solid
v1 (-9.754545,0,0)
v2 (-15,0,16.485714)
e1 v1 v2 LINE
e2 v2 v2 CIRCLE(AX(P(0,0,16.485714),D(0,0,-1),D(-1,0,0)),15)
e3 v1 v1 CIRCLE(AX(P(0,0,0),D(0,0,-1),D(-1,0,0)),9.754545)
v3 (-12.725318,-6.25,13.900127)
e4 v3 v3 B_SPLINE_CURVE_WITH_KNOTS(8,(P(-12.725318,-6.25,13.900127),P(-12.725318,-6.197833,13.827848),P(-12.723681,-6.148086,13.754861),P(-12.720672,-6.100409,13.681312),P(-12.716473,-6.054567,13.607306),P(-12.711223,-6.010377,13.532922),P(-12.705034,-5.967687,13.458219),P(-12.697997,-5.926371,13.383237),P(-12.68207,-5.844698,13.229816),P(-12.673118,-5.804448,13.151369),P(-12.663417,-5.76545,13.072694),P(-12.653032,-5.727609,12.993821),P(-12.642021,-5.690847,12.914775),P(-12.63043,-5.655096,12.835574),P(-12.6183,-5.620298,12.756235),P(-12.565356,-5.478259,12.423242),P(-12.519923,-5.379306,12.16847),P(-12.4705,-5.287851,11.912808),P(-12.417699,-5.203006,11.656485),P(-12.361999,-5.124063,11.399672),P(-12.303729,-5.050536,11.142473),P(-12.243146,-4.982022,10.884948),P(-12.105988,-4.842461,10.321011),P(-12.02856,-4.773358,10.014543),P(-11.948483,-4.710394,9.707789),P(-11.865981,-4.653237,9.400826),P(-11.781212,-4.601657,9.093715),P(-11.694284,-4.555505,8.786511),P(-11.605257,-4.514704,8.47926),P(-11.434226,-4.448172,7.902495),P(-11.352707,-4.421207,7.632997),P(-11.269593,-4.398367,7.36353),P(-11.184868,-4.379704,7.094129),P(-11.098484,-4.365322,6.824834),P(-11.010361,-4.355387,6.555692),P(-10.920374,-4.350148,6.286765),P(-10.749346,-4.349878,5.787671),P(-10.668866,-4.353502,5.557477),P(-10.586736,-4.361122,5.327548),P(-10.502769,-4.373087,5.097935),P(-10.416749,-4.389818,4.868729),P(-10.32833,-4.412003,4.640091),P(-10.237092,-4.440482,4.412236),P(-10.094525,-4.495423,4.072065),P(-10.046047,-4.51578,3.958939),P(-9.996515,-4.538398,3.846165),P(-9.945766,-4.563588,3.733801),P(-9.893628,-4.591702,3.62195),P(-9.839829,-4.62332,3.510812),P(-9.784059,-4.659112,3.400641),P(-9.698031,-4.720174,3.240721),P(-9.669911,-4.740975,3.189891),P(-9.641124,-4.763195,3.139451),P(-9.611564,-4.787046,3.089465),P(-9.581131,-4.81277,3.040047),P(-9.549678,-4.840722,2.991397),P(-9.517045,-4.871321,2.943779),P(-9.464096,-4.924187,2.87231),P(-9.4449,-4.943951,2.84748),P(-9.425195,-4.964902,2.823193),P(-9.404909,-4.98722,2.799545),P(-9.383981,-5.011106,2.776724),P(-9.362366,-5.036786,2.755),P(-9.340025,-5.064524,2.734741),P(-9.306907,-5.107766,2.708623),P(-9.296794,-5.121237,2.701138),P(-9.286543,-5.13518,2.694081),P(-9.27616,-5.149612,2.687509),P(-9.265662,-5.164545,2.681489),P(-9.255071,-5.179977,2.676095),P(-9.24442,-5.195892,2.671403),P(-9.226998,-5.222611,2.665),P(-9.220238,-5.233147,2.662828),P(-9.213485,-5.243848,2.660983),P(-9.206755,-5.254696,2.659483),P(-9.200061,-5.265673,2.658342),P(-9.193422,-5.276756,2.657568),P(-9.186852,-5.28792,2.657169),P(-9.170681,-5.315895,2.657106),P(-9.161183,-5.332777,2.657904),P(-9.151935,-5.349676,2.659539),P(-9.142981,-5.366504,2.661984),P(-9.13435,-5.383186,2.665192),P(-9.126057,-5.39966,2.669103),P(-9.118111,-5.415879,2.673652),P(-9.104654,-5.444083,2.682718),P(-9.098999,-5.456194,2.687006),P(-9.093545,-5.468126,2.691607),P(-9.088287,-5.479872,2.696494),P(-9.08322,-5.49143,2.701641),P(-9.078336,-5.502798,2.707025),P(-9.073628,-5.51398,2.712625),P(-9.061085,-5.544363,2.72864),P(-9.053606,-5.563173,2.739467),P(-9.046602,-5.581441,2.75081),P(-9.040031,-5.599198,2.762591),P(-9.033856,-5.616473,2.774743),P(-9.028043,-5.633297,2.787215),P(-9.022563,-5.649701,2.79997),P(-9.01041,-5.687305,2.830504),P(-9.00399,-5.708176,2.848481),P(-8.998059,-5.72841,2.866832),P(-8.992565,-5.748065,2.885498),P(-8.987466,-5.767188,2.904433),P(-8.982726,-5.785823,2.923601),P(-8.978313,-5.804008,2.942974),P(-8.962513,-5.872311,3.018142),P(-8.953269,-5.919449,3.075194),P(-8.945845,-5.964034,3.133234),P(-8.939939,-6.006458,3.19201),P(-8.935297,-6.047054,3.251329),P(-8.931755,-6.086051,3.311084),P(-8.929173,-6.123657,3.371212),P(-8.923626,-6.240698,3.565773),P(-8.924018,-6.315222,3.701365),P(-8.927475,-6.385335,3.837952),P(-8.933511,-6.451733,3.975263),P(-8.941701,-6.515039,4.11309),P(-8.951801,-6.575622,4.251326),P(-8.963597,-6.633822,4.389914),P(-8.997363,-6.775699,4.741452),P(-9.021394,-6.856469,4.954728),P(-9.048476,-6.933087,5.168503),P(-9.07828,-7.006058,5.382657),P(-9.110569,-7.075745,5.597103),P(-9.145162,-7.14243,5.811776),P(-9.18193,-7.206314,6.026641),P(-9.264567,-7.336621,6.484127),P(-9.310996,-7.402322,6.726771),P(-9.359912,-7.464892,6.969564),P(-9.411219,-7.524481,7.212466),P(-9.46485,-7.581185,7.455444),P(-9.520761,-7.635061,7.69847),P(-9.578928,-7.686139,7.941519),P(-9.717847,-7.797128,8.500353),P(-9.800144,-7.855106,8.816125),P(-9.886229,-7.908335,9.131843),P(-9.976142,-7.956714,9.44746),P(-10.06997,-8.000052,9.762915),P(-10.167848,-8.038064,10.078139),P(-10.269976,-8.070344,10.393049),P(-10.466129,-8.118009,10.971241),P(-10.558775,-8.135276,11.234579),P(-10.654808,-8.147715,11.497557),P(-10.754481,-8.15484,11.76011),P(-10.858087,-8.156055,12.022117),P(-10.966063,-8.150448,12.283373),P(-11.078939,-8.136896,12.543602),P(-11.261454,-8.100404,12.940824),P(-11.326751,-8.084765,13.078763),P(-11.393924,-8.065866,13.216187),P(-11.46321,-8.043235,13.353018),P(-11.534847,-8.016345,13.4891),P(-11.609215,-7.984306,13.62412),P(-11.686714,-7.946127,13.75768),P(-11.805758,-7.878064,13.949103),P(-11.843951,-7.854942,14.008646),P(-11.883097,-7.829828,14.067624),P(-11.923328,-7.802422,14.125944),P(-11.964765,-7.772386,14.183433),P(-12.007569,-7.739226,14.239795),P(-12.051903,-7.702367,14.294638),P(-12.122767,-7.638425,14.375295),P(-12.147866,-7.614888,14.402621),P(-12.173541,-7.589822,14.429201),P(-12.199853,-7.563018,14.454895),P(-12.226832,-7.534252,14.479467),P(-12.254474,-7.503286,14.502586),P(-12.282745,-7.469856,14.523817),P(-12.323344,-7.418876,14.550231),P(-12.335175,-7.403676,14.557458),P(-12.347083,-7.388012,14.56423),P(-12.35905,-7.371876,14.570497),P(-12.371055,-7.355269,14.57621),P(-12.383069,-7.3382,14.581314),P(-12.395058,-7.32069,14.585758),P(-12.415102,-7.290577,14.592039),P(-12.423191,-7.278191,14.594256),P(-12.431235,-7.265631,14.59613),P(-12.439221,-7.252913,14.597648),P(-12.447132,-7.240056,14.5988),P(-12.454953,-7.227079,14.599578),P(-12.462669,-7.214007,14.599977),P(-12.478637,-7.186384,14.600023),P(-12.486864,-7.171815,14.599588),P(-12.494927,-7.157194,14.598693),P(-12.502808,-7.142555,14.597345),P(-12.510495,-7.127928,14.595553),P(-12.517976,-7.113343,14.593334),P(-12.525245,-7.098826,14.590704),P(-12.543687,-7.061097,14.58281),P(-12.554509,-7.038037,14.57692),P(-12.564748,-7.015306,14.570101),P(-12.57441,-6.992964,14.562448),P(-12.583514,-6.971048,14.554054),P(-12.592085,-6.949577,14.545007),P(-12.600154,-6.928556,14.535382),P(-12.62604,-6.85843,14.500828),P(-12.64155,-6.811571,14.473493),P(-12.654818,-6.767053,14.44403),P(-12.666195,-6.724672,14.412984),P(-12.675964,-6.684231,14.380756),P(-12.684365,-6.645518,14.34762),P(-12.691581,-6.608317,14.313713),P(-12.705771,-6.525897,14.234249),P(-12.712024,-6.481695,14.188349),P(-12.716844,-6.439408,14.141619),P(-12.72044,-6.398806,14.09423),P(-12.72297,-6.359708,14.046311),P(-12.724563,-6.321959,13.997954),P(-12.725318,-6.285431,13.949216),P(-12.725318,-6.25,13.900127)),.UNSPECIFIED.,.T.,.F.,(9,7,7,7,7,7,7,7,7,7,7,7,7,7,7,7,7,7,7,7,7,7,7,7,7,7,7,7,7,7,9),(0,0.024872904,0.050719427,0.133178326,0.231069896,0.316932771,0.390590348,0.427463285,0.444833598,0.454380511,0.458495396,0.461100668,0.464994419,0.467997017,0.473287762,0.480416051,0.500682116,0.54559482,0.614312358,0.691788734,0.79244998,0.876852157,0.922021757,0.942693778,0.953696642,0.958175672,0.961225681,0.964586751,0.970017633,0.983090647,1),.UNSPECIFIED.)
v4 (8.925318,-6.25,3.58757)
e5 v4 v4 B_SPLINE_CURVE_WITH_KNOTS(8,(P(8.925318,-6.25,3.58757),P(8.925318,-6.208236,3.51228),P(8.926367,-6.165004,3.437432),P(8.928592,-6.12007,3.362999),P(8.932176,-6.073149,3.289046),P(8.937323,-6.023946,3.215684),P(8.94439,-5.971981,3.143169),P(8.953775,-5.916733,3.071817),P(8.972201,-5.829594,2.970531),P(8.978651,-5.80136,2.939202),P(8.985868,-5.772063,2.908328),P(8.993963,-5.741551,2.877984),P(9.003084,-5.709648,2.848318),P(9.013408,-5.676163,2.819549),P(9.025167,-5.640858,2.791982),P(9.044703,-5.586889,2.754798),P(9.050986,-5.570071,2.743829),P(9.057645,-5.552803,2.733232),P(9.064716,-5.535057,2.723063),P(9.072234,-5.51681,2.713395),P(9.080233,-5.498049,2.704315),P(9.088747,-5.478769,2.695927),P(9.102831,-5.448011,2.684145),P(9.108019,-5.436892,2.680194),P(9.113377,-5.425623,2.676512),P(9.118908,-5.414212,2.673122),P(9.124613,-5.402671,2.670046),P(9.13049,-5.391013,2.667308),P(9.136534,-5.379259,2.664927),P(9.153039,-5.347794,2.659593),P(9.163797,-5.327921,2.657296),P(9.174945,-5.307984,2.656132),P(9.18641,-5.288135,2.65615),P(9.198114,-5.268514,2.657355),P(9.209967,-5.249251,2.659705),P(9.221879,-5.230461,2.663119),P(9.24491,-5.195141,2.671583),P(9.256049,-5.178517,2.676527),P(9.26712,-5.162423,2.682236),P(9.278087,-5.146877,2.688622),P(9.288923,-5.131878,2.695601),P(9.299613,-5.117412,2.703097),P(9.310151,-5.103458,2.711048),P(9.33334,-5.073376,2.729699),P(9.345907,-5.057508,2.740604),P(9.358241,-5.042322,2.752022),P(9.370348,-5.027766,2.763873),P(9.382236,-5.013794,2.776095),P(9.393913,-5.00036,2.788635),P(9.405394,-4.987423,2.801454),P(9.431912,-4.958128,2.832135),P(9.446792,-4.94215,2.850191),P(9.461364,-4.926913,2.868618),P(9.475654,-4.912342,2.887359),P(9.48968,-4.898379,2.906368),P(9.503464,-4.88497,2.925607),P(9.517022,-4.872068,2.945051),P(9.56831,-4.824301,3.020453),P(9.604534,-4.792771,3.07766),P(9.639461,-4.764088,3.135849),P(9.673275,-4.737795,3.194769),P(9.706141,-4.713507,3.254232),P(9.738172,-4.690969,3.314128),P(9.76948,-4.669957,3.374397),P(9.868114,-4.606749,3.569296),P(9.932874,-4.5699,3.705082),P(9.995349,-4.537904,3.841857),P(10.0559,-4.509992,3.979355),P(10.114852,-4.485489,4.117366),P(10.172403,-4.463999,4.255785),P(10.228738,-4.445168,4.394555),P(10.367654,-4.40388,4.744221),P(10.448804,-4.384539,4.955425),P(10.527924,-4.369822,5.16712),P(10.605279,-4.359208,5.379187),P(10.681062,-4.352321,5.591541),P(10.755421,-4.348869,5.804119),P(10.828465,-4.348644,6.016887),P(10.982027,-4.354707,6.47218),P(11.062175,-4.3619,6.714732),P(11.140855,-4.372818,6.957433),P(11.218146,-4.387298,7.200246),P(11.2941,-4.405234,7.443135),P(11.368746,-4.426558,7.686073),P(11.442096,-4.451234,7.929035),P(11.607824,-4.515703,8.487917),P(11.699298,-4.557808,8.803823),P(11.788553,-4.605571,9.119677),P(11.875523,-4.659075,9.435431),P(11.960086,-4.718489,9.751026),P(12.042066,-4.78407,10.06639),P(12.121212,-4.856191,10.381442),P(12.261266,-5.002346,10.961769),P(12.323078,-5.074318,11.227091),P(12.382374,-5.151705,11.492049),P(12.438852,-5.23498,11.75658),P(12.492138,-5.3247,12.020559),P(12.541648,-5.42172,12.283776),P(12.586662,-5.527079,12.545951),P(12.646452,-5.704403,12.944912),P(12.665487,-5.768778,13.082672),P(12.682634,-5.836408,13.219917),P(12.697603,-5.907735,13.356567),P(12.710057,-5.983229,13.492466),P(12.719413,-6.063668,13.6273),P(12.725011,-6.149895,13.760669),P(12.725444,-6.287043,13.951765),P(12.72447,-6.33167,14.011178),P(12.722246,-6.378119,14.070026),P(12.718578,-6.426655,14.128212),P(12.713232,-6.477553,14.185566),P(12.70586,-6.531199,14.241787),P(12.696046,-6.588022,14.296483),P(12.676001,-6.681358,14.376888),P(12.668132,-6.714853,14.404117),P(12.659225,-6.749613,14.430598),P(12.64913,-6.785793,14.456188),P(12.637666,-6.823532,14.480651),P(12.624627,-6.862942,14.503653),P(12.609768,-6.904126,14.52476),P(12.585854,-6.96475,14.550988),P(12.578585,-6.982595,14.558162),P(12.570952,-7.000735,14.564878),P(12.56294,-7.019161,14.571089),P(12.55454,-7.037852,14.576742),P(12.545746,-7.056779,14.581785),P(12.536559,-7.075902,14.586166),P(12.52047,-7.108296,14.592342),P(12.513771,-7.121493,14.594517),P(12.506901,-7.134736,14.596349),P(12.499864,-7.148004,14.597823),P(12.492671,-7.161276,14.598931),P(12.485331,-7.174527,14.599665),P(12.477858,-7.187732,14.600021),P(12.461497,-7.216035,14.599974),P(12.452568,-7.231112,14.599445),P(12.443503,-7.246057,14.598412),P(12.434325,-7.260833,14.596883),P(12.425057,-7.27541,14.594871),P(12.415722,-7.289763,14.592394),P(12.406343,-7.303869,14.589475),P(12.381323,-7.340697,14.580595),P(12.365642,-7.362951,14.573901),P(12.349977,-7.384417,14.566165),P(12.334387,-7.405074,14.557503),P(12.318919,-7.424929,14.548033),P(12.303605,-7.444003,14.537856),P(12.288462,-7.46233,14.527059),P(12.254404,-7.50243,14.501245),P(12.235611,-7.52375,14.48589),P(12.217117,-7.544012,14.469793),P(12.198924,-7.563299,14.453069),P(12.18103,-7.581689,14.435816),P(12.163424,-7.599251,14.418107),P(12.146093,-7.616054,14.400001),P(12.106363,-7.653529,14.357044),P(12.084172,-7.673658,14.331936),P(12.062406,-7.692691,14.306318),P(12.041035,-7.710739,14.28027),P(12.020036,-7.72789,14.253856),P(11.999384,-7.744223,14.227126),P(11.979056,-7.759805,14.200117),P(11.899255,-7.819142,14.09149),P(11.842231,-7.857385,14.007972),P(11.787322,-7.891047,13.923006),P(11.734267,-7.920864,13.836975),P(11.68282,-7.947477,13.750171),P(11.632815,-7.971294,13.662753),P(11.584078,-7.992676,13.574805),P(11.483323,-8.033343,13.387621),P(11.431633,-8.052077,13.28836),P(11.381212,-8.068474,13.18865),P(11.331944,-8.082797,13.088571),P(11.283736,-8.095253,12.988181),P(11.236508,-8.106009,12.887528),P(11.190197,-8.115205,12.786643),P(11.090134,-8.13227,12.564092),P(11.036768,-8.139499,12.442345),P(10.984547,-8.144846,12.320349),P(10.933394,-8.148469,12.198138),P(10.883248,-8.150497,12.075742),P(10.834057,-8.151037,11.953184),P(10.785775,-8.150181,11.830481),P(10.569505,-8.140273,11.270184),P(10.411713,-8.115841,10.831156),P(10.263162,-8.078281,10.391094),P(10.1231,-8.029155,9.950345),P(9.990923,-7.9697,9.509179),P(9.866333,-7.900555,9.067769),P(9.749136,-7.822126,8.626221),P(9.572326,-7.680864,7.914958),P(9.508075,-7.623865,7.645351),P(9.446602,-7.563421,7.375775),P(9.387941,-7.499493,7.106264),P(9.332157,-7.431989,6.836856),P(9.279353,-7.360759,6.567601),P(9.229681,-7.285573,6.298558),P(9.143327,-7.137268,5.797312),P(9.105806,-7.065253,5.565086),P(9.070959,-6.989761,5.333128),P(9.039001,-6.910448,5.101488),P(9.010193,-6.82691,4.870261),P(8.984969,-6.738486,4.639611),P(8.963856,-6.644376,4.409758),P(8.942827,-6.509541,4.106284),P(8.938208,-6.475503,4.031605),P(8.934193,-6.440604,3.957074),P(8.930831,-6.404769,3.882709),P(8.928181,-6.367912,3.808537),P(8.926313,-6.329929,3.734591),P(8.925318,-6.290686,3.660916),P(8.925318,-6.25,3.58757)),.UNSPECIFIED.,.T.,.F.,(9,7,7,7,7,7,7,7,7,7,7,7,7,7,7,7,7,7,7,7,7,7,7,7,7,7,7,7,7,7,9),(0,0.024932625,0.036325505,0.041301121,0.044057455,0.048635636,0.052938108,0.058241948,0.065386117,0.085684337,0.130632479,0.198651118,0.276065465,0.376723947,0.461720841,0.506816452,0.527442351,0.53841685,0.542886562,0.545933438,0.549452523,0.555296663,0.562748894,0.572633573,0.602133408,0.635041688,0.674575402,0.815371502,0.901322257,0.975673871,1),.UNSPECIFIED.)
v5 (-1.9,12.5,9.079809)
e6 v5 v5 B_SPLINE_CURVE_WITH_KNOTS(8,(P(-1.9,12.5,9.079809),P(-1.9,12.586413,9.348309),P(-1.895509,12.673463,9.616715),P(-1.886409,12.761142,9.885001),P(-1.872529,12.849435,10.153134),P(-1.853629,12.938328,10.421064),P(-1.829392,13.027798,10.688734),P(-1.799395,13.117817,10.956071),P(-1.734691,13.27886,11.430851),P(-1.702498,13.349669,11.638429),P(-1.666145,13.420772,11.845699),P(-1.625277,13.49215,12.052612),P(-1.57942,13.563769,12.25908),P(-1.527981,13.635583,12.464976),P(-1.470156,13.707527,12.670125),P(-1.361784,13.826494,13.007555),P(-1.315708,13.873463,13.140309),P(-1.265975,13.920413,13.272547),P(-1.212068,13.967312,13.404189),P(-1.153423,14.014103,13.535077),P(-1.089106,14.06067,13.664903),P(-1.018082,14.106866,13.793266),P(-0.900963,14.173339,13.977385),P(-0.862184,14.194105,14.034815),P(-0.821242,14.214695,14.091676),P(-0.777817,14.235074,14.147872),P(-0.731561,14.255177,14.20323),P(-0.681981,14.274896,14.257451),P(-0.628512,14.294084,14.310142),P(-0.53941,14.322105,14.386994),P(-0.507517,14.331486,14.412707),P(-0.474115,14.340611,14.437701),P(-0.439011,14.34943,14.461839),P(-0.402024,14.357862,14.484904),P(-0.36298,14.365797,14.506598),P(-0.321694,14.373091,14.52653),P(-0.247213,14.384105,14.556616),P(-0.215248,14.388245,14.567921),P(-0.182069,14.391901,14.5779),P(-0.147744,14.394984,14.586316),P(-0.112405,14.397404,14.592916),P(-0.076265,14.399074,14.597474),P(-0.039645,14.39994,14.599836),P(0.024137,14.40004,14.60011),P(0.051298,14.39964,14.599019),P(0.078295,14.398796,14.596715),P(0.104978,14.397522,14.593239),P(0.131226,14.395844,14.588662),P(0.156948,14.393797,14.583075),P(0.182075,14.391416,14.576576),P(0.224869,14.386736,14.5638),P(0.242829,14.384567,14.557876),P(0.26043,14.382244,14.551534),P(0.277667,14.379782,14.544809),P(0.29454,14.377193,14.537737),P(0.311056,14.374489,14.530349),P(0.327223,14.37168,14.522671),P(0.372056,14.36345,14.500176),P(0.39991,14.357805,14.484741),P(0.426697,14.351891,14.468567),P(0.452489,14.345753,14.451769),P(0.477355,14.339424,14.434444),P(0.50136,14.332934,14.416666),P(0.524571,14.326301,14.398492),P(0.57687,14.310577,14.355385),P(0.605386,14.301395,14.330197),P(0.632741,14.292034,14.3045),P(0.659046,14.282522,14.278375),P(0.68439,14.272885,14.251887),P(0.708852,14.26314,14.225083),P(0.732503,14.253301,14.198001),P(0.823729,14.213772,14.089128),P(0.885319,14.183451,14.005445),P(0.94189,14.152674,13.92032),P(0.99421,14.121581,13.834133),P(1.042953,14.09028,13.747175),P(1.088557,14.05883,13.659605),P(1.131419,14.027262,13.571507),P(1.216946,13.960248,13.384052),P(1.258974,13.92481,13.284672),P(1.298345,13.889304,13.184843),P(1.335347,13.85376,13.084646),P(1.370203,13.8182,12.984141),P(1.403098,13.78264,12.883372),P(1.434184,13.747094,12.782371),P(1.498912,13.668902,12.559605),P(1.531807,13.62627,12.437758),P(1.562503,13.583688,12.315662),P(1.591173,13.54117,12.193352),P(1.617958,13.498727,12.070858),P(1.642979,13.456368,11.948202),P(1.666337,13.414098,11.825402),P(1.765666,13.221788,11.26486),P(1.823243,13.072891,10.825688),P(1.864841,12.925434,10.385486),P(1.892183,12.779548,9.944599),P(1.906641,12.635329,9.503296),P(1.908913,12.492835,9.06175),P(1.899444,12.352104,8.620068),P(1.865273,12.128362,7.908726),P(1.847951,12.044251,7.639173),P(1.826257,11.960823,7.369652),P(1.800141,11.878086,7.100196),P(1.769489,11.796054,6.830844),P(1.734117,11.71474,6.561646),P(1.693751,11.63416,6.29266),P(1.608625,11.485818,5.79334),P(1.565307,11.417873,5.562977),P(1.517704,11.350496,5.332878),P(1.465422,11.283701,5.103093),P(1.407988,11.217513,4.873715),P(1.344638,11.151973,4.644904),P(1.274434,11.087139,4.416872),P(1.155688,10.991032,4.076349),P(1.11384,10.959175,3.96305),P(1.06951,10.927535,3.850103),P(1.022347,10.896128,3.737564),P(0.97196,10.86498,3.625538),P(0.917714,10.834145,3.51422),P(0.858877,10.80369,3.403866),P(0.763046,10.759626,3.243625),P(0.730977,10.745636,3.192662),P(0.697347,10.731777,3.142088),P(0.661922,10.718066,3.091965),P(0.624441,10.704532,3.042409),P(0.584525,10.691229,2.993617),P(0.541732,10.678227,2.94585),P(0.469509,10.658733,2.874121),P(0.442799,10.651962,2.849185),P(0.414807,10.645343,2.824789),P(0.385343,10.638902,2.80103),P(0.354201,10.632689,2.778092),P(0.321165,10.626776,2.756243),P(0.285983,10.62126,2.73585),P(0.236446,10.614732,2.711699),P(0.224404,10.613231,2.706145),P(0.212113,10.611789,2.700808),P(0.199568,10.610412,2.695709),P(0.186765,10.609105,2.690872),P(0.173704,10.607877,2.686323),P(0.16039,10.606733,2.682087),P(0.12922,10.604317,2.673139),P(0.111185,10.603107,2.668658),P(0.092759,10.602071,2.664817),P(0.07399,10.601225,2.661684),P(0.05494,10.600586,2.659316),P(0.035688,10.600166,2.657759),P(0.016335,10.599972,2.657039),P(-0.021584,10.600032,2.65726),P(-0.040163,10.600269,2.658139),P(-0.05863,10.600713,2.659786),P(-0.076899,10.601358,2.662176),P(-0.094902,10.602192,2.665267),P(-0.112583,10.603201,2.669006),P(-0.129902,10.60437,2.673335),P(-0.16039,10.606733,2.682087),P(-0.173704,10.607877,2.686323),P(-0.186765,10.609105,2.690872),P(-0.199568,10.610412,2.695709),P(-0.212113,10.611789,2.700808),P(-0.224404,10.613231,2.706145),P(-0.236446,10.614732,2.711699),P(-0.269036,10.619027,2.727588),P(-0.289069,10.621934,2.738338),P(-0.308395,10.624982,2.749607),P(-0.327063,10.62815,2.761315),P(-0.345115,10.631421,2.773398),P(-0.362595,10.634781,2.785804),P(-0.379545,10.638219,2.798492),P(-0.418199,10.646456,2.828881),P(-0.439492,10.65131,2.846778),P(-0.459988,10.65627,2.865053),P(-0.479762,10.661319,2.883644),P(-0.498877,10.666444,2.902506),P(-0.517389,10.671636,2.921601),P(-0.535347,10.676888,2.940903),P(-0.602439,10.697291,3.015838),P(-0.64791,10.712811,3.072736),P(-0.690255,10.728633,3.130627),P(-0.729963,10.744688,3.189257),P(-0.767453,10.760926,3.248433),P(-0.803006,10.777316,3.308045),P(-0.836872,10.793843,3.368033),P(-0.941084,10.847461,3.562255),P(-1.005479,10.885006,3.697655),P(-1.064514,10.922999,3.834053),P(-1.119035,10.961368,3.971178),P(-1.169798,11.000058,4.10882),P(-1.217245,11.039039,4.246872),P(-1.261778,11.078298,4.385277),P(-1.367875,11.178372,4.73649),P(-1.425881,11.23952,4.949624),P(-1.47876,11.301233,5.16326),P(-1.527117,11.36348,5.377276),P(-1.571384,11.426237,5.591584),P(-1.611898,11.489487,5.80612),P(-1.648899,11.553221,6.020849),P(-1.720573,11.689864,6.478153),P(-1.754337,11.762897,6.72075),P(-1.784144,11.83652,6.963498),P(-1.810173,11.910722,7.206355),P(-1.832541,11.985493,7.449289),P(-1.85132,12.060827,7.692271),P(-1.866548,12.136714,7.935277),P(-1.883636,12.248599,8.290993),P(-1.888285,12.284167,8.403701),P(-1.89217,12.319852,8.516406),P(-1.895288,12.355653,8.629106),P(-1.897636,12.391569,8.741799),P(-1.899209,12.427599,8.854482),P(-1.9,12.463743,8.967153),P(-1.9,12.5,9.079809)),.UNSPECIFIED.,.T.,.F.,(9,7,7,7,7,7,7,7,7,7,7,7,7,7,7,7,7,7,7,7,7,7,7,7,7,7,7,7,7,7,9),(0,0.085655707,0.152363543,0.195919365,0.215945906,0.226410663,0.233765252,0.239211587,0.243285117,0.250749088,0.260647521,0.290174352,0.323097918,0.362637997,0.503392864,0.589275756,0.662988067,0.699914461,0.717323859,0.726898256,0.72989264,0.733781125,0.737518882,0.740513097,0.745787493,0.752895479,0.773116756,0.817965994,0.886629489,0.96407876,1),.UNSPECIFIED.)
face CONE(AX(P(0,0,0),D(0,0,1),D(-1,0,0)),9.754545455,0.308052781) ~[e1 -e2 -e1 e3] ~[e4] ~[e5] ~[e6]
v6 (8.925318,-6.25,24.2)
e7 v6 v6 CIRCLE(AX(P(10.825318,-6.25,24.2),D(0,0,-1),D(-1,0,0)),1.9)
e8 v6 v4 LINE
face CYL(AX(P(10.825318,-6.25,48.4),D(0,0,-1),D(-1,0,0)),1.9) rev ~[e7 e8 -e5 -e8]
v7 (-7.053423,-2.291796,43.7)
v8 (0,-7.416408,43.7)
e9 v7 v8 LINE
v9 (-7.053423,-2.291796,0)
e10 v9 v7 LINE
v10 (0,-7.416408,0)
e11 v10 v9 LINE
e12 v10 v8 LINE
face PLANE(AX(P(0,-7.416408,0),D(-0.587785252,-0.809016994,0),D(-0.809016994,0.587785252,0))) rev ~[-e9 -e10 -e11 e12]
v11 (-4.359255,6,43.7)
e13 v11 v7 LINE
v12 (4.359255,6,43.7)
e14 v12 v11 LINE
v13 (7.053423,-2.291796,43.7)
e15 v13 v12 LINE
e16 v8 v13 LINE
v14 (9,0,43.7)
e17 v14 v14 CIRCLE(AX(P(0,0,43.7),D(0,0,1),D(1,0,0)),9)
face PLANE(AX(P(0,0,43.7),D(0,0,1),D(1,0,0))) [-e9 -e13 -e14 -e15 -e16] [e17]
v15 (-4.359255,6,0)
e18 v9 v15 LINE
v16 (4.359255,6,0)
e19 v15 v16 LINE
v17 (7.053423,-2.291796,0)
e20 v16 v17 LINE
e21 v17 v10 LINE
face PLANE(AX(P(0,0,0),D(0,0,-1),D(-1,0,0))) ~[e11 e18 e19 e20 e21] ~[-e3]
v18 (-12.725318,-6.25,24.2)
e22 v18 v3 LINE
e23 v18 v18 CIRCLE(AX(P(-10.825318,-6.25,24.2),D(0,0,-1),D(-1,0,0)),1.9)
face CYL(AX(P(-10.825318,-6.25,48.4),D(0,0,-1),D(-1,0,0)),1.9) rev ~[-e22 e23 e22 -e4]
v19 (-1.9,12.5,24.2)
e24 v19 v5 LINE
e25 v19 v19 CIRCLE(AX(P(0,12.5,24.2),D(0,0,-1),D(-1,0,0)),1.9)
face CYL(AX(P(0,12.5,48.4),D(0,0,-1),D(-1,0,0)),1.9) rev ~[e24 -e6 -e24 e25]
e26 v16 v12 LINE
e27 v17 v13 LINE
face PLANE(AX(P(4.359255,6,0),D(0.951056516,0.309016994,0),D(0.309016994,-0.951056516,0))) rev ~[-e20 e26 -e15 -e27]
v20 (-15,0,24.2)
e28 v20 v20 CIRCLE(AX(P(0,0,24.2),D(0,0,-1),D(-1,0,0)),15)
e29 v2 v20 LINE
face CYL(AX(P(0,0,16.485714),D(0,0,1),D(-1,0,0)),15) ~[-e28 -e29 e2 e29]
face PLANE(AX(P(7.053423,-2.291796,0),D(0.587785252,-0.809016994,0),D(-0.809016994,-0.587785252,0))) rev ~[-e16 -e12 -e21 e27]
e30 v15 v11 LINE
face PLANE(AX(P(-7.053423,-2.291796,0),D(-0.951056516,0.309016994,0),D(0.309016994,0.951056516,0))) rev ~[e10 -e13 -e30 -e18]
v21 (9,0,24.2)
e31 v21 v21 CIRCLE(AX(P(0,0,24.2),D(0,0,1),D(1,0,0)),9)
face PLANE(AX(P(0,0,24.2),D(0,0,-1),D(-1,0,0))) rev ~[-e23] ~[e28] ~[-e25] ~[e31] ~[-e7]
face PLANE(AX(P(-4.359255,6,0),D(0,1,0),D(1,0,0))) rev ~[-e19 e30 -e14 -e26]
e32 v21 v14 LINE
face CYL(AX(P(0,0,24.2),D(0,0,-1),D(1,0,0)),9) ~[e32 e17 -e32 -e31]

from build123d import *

# Parameters (mm, degrees)
SKETCH2_R                      = 9
BOSS_EXTRUDE1_DEPTH            = 19.5
CUT_EXTRUDE1_DEPTH             = 49.576640477
F_3_8_3_8_DIAMETER_HOLE1_D     = 3.8
F_3_8_3_8_DIAMETER_HOLE1_DEPTH = 24.2


with BuildPart() as part:
    # Sketch1 → Revolve1 (revolve)
    with BuildSketch(Plane.XZ, mode=Mode.PRIVATE) as revolve1_sk:
        Polygon((15, 24.2), (0, 24.2), (0, 0), (9.754545455, 0), (15, 16.485714286), align=None)
    revolve(revolve1_sk.sketch.rotate(Axis((0, 0, 24.2), (0, 0, -1)), 180), axis=Axis((0, 0, 24.2), (0, 0, -1)))

    # Sketch2 → Boss-Extrude1 (add)
    with BuildSketch(Plane.XY.offset(24.2)):
        Circle(SKETCH2_R)
    extrude(amount=BOSS_EXTRUDE1_DEPTH)

    # Sketch3 → Cut-Extrude1 (cut, through all)
    with BuildSketch(Plane(origin=(0, 0, 0), x_dir=(-1, 0, 0), z_dir=(0, 0, -1))):
        Polygon((0, -7.416407865), (7.053423028, -2.291796068), (4.359255168, 6), (-4.359255168, 6), (-7.053423028, -2.291796068), align=None)
    extrude(amount=-CUT_EXTRUDE1_DEPTH, mode=Mode.SUBTRACT)

    # Ø3.8 (3.8) Diameter Hole1
    with Locations(Plane.XY.offset(24.2)):
        with Locations((10.825317547, -6.25), (-10.825317547, -6.25), (0, 12.5)):
            Hole(F_3_8_3_8_DIAMETER_HOLE1_D / 2, depth=F_3_8_3_8_DIAMETER_HOLE1_DEPTH)


solid = part.part
